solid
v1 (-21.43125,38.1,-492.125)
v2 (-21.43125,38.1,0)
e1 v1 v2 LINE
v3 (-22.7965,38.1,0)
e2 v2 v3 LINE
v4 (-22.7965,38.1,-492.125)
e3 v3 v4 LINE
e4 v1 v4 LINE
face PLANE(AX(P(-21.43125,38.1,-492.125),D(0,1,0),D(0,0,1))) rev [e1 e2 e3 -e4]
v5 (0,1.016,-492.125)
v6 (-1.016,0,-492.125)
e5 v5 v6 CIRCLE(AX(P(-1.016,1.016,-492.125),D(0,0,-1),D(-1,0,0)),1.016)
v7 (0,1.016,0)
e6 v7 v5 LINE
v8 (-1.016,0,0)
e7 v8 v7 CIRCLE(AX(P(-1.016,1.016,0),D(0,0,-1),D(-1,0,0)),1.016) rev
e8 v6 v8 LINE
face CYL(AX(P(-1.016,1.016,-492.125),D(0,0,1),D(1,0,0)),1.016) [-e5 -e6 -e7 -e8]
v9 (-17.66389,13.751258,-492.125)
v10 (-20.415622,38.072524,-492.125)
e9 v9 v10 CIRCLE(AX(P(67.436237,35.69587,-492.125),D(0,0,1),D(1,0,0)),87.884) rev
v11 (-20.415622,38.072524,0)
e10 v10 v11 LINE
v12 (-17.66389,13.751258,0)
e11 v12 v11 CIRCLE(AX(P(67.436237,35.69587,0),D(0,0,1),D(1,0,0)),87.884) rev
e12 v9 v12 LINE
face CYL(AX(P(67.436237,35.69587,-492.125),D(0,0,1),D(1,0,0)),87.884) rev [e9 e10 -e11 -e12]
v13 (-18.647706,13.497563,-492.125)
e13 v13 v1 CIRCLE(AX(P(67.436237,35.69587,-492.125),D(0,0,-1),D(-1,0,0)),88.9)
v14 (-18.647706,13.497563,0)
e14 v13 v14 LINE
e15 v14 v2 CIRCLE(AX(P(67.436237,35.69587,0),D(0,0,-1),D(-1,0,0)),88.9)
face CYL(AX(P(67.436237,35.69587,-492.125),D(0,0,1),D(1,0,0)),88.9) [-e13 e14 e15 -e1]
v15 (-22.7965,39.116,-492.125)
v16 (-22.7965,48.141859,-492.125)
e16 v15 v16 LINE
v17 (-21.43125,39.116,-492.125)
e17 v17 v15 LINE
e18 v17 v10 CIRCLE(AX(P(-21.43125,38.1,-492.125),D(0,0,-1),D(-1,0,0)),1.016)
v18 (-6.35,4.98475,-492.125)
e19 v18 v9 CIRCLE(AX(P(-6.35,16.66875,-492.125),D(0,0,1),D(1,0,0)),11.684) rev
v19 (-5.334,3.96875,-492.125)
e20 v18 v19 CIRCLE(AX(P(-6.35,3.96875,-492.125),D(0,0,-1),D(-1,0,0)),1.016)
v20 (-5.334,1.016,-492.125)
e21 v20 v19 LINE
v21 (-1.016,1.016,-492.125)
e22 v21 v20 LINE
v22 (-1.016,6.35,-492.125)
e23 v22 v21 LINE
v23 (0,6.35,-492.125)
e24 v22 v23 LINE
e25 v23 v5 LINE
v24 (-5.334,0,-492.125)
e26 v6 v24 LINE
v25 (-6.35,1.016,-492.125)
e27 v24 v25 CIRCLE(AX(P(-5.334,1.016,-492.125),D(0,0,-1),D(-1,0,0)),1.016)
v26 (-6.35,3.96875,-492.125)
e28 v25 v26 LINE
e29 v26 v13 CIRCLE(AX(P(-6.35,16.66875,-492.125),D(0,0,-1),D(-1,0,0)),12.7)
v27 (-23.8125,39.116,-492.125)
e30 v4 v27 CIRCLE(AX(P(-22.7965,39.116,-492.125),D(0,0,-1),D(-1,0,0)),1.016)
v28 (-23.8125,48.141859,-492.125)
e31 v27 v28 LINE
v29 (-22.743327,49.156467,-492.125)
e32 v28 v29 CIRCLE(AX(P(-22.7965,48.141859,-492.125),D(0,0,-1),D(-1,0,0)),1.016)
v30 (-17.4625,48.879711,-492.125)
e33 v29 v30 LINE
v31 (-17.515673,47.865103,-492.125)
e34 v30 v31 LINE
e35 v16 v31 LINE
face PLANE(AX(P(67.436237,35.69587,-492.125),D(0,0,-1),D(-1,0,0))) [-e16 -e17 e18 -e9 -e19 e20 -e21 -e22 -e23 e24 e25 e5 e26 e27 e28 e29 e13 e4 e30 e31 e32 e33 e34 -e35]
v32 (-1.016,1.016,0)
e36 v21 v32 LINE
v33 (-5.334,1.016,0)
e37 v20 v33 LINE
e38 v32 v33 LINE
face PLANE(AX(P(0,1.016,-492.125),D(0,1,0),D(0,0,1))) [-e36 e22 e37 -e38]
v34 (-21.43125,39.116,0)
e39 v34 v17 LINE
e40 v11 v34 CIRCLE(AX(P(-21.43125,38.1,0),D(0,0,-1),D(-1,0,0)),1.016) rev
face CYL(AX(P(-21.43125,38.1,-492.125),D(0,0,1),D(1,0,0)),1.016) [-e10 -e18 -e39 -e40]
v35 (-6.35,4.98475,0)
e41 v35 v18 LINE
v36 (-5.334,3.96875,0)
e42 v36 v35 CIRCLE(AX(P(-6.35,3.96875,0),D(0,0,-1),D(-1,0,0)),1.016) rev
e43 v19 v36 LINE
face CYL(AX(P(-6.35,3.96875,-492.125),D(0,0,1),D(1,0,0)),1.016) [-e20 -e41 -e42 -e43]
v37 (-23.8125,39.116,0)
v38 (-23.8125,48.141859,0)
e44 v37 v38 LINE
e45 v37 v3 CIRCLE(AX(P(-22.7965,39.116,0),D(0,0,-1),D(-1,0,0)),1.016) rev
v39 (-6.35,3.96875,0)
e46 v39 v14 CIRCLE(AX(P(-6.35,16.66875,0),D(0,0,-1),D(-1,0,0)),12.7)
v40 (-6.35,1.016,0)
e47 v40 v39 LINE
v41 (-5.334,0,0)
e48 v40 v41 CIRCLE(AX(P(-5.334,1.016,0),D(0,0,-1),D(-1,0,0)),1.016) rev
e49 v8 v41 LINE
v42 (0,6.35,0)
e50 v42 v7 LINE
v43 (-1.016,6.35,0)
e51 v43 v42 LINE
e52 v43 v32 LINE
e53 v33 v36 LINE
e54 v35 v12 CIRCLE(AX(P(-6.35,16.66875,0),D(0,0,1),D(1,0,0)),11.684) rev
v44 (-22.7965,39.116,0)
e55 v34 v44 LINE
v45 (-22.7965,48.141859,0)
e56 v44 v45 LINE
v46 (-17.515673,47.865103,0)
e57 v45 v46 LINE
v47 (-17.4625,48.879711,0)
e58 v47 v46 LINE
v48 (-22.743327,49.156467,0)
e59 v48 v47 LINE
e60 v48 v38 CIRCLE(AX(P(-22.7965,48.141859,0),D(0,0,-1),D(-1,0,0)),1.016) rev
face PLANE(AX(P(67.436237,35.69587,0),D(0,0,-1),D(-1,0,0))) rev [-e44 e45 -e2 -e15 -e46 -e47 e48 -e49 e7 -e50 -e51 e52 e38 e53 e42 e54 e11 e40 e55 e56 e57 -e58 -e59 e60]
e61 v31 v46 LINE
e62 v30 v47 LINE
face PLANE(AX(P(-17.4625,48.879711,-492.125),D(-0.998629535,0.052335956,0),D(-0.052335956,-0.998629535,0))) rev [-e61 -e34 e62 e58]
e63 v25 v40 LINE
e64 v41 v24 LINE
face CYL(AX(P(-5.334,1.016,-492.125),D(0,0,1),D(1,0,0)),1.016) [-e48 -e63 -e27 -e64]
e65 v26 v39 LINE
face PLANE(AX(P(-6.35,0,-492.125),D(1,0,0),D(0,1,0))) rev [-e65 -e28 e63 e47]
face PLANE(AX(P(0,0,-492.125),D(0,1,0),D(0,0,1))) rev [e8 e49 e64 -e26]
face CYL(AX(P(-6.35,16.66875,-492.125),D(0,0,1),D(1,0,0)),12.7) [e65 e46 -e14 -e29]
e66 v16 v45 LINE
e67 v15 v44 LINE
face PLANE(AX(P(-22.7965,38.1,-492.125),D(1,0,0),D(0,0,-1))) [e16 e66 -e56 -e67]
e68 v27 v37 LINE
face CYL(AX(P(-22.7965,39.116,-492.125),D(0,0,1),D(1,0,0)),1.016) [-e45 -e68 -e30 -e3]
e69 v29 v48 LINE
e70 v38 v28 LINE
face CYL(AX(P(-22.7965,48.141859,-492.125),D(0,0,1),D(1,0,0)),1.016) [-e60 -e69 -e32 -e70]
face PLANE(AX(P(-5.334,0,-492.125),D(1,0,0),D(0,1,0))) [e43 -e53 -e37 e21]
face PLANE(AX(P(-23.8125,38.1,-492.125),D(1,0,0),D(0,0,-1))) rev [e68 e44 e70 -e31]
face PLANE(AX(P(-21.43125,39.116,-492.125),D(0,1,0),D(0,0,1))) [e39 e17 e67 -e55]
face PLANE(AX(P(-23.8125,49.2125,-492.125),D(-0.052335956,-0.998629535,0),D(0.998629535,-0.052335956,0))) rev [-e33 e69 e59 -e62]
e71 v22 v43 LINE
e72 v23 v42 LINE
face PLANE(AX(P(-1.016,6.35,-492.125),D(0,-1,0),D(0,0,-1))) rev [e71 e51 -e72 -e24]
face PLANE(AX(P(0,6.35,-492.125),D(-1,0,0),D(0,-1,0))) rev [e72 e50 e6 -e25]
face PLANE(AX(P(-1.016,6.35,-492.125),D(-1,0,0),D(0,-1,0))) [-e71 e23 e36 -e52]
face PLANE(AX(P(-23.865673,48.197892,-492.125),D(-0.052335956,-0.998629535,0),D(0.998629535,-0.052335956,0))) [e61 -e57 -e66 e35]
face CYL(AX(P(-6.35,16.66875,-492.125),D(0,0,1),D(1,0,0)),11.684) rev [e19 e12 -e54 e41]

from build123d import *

# Parameters (mm, degrees)
EXTRUDE_THIN1_DEPTH = 492.125
FILLET1_R           = 1.016


with BuildPart() as part:
    # Sketch1 → Extrude-Thin1 (new body)
    with BuildSketch(Plane.XY):
        with BuildLine():
            Line((0, 6.35), (0, 0))
            Line((0, 0), (-6.35, 0))
            Line((-6.35, 0), (-6.35, 3.96875))
            ThreePointArc((-6.35, 3.96875), (-14.128687, 6.629724), (-18.647706, 13.497563))
            ThreePointArc((-18.647706, 13.497563), (-20.900169, 25.701402), (-21.43125, 38.1))
            Line((-21.43125, 38.1), (-23.8125, 38.1))
            Line((-23.8125, 38.1), (-23.8125, 49.2125))
            Line((-23.8125, 49.2125), (-17.4625, 48.879711))
            Line((-17.4625, 48.879711), (-17.515673, 47.865103))
            Line((-17.515673, 47.865103), (-22.7965, 48.141859))
            Line((-22.7965, 48.141859), (-22.7965, 39.116))
            Line((-22.7965, 39.116), (-20.381189, 39.116))
            ThreePointArc((-20.381189, 39.116), (-19.947758, 26.334511), (-17.66389, 13.751258))
            ThreePointArc((-17.66389, 13.751258), (-13.09767, 7.130154), (-5.334, 5.029008))
            Line((-5.334, 5.029008), (-5.334, 1.016))
            Line((-5.334, 1.016), (-1.016, 1.016))
            Line((-1.016, 1.016), (-1.016, 6.35))
            Line((-1.016, 6.35), (0, 6.35))
        make_face()
    extrude(amount=-EXTRUDE_THIN1_DEPTH)

    # Fillet1
    fillet1_edges = [part.edges().sort_by_distance(p)[0] for p in [
        (-20.381189, 39.116, -246.0625),
        (-5.334, 5.029008, -246.0625),
        (0, 0, -246.0625),
        (-6.35, 0, -246.0625),
        (-23.8125, 38.1, -246.0625),
        (-23.8125, 49.2125, -246.0625),
    ]]
    fillet(fillet1_edges, radius=FILLET1_R)


solid = part.part
